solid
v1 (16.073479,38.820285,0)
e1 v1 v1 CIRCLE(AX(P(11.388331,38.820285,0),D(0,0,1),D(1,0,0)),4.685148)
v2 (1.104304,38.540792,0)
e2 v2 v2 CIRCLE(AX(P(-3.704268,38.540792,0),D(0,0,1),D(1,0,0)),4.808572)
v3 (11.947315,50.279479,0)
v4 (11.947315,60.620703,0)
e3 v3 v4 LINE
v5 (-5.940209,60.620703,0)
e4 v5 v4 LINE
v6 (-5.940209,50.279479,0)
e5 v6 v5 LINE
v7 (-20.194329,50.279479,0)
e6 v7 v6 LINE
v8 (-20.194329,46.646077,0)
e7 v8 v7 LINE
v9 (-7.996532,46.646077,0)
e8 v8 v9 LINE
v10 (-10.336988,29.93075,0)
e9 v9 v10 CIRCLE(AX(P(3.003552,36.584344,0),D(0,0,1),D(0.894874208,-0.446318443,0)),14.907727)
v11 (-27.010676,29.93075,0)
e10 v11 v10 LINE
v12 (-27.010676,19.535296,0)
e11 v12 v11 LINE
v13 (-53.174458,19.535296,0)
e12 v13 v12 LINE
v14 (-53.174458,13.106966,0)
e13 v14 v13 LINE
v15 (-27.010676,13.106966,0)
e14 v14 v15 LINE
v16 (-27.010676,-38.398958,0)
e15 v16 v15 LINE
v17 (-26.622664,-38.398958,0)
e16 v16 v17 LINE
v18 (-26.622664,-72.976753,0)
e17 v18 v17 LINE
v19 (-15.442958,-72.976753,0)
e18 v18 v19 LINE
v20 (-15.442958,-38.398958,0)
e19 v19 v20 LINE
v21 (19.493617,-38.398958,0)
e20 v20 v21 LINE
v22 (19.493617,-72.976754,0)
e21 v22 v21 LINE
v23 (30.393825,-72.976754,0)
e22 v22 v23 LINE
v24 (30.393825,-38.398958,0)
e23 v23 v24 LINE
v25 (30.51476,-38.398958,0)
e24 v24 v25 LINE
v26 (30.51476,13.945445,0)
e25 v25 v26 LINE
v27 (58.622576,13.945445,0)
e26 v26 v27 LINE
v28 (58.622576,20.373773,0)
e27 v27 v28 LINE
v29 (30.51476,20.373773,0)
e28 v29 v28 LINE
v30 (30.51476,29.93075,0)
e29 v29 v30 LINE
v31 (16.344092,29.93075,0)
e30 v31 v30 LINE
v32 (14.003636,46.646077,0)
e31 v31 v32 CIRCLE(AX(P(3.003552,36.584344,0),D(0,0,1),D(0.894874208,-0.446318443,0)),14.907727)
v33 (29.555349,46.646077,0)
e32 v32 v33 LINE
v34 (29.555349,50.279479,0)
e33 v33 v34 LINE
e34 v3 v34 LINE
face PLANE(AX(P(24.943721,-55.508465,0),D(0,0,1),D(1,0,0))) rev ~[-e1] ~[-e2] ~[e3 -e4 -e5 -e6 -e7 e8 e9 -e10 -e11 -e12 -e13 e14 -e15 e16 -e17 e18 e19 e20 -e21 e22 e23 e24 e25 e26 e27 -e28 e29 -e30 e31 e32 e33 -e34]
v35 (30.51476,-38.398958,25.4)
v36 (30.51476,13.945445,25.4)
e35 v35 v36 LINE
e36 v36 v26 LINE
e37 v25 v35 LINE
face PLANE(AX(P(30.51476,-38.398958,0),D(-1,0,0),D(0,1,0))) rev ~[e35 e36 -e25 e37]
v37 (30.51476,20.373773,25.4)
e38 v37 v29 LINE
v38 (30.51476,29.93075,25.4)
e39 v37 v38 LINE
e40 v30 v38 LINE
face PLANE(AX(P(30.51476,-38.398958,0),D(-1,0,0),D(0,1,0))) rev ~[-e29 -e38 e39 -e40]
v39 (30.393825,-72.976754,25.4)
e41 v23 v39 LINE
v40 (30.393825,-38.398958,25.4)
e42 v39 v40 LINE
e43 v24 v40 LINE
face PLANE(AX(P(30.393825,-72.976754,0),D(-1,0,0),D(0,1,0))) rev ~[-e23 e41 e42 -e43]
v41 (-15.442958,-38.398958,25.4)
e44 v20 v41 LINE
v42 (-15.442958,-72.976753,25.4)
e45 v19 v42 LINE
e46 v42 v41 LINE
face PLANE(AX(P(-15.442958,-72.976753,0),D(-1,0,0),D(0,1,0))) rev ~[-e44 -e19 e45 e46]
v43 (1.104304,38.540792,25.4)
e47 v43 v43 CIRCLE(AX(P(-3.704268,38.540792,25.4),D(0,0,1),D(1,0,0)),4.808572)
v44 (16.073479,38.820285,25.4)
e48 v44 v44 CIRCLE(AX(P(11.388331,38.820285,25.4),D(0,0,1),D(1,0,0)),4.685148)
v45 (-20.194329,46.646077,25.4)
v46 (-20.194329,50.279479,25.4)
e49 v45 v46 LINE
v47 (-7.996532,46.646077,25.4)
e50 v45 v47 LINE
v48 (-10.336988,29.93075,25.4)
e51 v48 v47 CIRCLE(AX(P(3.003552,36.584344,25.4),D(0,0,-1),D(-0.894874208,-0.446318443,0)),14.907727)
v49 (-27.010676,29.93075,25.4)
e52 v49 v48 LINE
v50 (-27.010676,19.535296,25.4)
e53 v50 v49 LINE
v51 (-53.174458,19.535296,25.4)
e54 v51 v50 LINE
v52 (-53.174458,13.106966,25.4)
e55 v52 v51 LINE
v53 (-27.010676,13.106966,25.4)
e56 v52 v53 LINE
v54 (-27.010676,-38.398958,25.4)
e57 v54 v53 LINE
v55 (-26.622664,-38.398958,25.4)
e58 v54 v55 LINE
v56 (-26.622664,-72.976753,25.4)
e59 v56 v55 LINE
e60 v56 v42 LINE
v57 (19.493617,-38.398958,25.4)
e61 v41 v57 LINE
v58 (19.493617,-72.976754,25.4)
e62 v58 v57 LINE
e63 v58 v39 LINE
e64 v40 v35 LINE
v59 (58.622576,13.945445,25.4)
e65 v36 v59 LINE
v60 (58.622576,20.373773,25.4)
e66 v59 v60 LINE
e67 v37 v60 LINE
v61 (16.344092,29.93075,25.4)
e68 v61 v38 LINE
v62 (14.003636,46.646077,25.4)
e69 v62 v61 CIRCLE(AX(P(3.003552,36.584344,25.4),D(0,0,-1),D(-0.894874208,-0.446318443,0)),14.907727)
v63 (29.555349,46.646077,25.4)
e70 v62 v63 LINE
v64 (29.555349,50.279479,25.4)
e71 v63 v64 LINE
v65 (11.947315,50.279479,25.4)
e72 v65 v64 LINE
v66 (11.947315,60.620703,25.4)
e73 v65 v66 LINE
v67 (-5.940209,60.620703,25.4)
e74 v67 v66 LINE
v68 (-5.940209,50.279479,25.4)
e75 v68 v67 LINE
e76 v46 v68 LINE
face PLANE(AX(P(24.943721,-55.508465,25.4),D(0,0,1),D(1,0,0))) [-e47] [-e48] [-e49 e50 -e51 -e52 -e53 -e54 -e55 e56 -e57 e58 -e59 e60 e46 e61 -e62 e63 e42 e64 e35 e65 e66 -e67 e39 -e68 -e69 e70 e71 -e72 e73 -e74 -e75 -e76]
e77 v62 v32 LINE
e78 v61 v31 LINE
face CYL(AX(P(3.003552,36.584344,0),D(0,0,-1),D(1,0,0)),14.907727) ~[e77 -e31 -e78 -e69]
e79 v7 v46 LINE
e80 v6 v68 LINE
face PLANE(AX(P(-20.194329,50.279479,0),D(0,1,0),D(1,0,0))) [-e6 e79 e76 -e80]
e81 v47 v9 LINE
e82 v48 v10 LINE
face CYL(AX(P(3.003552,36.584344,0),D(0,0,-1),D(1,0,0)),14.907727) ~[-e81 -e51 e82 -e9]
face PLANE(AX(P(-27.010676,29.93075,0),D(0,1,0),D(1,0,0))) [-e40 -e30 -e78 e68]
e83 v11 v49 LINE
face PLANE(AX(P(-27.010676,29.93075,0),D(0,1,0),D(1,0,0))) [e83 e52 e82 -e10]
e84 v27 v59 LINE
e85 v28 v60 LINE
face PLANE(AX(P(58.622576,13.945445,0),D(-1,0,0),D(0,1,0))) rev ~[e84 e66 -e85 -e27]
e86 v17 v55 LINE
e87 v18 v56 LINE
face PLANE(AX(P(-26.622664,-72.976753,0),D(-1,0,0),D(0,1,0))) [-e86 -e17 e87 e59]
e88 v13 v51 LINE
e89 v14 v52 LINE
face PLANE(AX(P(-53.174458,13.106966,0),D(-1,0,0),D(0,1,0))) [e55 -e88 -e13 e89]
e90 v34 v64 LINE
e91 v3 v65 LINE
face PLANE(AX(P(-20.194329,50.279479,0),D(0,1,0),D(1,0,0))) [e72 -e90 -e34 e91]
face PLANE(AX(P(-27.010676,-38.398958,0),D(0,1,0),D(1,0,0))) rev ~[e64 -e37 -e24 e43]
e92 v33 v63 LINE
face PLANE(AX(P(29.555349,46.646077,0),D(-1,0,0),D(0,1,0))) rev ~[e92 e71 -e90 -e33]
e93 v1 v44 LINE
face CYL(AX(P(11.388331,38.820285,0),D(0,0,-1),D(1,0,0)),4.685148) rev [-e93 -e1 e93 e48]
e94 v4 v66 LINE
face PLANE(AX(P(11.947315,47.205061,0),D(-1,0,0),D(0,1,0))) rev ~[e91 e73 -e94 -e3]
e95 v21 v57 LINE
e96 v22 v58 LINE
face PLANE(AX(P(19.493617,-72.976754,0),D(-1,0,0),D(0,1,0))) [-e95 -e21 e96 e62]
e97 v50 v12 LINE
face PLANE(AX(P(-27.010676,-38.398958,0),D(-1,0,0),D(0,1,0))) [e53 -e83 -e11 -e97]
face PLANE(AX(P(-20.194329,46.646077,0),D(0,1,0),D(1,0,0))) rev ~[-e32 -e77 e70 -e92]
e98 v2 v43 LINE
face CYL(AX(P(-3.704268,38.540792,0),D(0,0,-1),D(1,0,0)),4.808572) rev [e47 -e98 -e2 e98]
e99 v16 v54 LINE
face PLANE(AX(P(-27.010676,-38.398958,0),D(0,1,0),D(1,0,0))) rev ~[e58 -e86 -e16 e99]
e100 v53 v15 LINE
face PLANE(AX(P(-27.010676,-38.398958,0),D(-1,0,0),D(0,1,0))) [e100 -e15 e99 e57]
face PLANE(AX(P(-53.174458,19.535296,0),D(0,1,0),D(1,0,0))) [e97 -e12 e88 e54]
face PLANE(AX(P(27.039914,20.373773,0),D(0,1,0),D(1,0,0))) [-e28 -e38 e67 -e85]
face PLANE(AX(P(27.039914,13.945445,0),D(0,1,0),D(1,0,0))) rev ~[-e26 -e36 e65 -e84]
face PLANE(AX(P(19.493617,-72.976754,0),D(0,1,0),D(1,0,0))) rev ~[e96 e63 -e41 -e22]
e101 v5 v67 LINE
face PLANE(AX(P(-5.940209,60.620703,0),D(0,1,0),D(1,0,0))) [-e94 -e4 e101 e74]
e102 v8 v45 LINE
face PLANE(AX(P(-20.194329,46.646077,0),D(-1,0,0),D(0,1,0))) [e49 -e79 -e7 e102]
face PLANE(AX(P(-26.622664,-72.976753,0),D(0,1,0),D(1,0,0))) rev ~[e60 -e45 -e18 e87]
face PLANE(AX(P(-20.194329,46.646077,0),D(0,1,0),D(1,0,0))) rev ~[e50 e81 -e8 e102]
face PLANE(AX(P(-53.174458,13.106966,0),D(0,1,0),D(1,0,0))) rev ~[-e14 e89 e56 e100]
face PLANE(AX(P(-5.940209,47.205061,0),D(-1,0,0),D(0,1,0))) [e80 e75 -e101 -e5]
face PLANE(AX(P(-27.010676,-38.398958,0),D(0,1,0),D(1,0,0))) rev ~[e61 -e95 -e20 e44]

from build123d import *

# Parameters (mm, degrees)
F0_W      = 57.525436
F0_H      = 68.329709
F1_DEPTH  = 25.4
F2_R      = 14.907727
F3_DEPTH  = 25.4
F4_W      = 49.749678
F4_H      = 3.633402
F5_DEPTH  = 25.4
F6_W      = 17.887524
F6_H      = 13.415642
F7_DEPTH  = 25.4
F8_W      = 31.582661
F8_H      = 6.428329
F8_W_2    = 31.023681
F8_H_2    = 6.42833
F9_DEPTH  = 25.4
F10_W     = 10.900209
F10_H     = 34.936577
F10_W_2   = 11.179707
F10_H_2   = 35.216067
F11_DEPTH = 25.4
F12_R     = 4.685148
F12_R_2   = 4.808572
F13_DEPTH = 25.4


with BuildPart() as f1:
    # F0 (on Top) → F1 (new body)
    with BuildSketch(Plane.XY):
        with Locations((1.752042, -4.234104)):
            Rectangle(F0_W, F0_H)
    extrude(amount=F1_DEPTH)

    # F2 (on Top) → F3 (join)
    with BuildSketch(Plane.XY):
        with Locations((3.003552, 36.584344)):
            Circle(F2_R)
    extrude(amount=F3_DEPTH)

    # F4 (on Top) → F5 (join)
    with BuildSketch(Plane.XY):
        with Locations((4.68051, 48.462778)):
            Rectangle(F4_W, F4_H)
    extrude(amount=F5_DEPTH)

    # F6 (on Top) → F7 (join)
    with BuildSketch(Plane.XY):
        with Locations((3.003553, 53.912882)):
            Rectangle(F6_W, F6_H)
    extrude(amount=F7_DEPTH)

    # F8 (on Top) → F9 (join)
    with BuildSketch(Plane.XY):
        with Locations((42.831245, 17.159609)):
            Rectangle(F8_W, F8_H)
        with Locations((-37.662617, 16.321131)):
            Rectangle(F8_W_2, F8_H_2)
    extrude(amount=F9_DEPTH)

    # F10 (on Top) → F11 (join)
    with BuildSketch(Plane.XY):
        with Locations((24.943721, -55.508465)):
            Rectangle(F10_W, F10_H)
        with Locations((-21.032811, -55.368719)):
            Rectangle(F10_W_2, F10_H_2)
    extrude(amount=F11_DEPTH)

    # F12 (on Top) → F13 (cut)
    with BuildSketch(Plane.XY):
        with Locations((11.388331, 38.820285)):
            Circle(F12_R)
        with Locations((-3.704268, 38.540792)):
            Circle(F12_R_2)
    extrude(amount=F13_DEPTH, mode=Mode.SUBTRACT)


solid = f1.part
